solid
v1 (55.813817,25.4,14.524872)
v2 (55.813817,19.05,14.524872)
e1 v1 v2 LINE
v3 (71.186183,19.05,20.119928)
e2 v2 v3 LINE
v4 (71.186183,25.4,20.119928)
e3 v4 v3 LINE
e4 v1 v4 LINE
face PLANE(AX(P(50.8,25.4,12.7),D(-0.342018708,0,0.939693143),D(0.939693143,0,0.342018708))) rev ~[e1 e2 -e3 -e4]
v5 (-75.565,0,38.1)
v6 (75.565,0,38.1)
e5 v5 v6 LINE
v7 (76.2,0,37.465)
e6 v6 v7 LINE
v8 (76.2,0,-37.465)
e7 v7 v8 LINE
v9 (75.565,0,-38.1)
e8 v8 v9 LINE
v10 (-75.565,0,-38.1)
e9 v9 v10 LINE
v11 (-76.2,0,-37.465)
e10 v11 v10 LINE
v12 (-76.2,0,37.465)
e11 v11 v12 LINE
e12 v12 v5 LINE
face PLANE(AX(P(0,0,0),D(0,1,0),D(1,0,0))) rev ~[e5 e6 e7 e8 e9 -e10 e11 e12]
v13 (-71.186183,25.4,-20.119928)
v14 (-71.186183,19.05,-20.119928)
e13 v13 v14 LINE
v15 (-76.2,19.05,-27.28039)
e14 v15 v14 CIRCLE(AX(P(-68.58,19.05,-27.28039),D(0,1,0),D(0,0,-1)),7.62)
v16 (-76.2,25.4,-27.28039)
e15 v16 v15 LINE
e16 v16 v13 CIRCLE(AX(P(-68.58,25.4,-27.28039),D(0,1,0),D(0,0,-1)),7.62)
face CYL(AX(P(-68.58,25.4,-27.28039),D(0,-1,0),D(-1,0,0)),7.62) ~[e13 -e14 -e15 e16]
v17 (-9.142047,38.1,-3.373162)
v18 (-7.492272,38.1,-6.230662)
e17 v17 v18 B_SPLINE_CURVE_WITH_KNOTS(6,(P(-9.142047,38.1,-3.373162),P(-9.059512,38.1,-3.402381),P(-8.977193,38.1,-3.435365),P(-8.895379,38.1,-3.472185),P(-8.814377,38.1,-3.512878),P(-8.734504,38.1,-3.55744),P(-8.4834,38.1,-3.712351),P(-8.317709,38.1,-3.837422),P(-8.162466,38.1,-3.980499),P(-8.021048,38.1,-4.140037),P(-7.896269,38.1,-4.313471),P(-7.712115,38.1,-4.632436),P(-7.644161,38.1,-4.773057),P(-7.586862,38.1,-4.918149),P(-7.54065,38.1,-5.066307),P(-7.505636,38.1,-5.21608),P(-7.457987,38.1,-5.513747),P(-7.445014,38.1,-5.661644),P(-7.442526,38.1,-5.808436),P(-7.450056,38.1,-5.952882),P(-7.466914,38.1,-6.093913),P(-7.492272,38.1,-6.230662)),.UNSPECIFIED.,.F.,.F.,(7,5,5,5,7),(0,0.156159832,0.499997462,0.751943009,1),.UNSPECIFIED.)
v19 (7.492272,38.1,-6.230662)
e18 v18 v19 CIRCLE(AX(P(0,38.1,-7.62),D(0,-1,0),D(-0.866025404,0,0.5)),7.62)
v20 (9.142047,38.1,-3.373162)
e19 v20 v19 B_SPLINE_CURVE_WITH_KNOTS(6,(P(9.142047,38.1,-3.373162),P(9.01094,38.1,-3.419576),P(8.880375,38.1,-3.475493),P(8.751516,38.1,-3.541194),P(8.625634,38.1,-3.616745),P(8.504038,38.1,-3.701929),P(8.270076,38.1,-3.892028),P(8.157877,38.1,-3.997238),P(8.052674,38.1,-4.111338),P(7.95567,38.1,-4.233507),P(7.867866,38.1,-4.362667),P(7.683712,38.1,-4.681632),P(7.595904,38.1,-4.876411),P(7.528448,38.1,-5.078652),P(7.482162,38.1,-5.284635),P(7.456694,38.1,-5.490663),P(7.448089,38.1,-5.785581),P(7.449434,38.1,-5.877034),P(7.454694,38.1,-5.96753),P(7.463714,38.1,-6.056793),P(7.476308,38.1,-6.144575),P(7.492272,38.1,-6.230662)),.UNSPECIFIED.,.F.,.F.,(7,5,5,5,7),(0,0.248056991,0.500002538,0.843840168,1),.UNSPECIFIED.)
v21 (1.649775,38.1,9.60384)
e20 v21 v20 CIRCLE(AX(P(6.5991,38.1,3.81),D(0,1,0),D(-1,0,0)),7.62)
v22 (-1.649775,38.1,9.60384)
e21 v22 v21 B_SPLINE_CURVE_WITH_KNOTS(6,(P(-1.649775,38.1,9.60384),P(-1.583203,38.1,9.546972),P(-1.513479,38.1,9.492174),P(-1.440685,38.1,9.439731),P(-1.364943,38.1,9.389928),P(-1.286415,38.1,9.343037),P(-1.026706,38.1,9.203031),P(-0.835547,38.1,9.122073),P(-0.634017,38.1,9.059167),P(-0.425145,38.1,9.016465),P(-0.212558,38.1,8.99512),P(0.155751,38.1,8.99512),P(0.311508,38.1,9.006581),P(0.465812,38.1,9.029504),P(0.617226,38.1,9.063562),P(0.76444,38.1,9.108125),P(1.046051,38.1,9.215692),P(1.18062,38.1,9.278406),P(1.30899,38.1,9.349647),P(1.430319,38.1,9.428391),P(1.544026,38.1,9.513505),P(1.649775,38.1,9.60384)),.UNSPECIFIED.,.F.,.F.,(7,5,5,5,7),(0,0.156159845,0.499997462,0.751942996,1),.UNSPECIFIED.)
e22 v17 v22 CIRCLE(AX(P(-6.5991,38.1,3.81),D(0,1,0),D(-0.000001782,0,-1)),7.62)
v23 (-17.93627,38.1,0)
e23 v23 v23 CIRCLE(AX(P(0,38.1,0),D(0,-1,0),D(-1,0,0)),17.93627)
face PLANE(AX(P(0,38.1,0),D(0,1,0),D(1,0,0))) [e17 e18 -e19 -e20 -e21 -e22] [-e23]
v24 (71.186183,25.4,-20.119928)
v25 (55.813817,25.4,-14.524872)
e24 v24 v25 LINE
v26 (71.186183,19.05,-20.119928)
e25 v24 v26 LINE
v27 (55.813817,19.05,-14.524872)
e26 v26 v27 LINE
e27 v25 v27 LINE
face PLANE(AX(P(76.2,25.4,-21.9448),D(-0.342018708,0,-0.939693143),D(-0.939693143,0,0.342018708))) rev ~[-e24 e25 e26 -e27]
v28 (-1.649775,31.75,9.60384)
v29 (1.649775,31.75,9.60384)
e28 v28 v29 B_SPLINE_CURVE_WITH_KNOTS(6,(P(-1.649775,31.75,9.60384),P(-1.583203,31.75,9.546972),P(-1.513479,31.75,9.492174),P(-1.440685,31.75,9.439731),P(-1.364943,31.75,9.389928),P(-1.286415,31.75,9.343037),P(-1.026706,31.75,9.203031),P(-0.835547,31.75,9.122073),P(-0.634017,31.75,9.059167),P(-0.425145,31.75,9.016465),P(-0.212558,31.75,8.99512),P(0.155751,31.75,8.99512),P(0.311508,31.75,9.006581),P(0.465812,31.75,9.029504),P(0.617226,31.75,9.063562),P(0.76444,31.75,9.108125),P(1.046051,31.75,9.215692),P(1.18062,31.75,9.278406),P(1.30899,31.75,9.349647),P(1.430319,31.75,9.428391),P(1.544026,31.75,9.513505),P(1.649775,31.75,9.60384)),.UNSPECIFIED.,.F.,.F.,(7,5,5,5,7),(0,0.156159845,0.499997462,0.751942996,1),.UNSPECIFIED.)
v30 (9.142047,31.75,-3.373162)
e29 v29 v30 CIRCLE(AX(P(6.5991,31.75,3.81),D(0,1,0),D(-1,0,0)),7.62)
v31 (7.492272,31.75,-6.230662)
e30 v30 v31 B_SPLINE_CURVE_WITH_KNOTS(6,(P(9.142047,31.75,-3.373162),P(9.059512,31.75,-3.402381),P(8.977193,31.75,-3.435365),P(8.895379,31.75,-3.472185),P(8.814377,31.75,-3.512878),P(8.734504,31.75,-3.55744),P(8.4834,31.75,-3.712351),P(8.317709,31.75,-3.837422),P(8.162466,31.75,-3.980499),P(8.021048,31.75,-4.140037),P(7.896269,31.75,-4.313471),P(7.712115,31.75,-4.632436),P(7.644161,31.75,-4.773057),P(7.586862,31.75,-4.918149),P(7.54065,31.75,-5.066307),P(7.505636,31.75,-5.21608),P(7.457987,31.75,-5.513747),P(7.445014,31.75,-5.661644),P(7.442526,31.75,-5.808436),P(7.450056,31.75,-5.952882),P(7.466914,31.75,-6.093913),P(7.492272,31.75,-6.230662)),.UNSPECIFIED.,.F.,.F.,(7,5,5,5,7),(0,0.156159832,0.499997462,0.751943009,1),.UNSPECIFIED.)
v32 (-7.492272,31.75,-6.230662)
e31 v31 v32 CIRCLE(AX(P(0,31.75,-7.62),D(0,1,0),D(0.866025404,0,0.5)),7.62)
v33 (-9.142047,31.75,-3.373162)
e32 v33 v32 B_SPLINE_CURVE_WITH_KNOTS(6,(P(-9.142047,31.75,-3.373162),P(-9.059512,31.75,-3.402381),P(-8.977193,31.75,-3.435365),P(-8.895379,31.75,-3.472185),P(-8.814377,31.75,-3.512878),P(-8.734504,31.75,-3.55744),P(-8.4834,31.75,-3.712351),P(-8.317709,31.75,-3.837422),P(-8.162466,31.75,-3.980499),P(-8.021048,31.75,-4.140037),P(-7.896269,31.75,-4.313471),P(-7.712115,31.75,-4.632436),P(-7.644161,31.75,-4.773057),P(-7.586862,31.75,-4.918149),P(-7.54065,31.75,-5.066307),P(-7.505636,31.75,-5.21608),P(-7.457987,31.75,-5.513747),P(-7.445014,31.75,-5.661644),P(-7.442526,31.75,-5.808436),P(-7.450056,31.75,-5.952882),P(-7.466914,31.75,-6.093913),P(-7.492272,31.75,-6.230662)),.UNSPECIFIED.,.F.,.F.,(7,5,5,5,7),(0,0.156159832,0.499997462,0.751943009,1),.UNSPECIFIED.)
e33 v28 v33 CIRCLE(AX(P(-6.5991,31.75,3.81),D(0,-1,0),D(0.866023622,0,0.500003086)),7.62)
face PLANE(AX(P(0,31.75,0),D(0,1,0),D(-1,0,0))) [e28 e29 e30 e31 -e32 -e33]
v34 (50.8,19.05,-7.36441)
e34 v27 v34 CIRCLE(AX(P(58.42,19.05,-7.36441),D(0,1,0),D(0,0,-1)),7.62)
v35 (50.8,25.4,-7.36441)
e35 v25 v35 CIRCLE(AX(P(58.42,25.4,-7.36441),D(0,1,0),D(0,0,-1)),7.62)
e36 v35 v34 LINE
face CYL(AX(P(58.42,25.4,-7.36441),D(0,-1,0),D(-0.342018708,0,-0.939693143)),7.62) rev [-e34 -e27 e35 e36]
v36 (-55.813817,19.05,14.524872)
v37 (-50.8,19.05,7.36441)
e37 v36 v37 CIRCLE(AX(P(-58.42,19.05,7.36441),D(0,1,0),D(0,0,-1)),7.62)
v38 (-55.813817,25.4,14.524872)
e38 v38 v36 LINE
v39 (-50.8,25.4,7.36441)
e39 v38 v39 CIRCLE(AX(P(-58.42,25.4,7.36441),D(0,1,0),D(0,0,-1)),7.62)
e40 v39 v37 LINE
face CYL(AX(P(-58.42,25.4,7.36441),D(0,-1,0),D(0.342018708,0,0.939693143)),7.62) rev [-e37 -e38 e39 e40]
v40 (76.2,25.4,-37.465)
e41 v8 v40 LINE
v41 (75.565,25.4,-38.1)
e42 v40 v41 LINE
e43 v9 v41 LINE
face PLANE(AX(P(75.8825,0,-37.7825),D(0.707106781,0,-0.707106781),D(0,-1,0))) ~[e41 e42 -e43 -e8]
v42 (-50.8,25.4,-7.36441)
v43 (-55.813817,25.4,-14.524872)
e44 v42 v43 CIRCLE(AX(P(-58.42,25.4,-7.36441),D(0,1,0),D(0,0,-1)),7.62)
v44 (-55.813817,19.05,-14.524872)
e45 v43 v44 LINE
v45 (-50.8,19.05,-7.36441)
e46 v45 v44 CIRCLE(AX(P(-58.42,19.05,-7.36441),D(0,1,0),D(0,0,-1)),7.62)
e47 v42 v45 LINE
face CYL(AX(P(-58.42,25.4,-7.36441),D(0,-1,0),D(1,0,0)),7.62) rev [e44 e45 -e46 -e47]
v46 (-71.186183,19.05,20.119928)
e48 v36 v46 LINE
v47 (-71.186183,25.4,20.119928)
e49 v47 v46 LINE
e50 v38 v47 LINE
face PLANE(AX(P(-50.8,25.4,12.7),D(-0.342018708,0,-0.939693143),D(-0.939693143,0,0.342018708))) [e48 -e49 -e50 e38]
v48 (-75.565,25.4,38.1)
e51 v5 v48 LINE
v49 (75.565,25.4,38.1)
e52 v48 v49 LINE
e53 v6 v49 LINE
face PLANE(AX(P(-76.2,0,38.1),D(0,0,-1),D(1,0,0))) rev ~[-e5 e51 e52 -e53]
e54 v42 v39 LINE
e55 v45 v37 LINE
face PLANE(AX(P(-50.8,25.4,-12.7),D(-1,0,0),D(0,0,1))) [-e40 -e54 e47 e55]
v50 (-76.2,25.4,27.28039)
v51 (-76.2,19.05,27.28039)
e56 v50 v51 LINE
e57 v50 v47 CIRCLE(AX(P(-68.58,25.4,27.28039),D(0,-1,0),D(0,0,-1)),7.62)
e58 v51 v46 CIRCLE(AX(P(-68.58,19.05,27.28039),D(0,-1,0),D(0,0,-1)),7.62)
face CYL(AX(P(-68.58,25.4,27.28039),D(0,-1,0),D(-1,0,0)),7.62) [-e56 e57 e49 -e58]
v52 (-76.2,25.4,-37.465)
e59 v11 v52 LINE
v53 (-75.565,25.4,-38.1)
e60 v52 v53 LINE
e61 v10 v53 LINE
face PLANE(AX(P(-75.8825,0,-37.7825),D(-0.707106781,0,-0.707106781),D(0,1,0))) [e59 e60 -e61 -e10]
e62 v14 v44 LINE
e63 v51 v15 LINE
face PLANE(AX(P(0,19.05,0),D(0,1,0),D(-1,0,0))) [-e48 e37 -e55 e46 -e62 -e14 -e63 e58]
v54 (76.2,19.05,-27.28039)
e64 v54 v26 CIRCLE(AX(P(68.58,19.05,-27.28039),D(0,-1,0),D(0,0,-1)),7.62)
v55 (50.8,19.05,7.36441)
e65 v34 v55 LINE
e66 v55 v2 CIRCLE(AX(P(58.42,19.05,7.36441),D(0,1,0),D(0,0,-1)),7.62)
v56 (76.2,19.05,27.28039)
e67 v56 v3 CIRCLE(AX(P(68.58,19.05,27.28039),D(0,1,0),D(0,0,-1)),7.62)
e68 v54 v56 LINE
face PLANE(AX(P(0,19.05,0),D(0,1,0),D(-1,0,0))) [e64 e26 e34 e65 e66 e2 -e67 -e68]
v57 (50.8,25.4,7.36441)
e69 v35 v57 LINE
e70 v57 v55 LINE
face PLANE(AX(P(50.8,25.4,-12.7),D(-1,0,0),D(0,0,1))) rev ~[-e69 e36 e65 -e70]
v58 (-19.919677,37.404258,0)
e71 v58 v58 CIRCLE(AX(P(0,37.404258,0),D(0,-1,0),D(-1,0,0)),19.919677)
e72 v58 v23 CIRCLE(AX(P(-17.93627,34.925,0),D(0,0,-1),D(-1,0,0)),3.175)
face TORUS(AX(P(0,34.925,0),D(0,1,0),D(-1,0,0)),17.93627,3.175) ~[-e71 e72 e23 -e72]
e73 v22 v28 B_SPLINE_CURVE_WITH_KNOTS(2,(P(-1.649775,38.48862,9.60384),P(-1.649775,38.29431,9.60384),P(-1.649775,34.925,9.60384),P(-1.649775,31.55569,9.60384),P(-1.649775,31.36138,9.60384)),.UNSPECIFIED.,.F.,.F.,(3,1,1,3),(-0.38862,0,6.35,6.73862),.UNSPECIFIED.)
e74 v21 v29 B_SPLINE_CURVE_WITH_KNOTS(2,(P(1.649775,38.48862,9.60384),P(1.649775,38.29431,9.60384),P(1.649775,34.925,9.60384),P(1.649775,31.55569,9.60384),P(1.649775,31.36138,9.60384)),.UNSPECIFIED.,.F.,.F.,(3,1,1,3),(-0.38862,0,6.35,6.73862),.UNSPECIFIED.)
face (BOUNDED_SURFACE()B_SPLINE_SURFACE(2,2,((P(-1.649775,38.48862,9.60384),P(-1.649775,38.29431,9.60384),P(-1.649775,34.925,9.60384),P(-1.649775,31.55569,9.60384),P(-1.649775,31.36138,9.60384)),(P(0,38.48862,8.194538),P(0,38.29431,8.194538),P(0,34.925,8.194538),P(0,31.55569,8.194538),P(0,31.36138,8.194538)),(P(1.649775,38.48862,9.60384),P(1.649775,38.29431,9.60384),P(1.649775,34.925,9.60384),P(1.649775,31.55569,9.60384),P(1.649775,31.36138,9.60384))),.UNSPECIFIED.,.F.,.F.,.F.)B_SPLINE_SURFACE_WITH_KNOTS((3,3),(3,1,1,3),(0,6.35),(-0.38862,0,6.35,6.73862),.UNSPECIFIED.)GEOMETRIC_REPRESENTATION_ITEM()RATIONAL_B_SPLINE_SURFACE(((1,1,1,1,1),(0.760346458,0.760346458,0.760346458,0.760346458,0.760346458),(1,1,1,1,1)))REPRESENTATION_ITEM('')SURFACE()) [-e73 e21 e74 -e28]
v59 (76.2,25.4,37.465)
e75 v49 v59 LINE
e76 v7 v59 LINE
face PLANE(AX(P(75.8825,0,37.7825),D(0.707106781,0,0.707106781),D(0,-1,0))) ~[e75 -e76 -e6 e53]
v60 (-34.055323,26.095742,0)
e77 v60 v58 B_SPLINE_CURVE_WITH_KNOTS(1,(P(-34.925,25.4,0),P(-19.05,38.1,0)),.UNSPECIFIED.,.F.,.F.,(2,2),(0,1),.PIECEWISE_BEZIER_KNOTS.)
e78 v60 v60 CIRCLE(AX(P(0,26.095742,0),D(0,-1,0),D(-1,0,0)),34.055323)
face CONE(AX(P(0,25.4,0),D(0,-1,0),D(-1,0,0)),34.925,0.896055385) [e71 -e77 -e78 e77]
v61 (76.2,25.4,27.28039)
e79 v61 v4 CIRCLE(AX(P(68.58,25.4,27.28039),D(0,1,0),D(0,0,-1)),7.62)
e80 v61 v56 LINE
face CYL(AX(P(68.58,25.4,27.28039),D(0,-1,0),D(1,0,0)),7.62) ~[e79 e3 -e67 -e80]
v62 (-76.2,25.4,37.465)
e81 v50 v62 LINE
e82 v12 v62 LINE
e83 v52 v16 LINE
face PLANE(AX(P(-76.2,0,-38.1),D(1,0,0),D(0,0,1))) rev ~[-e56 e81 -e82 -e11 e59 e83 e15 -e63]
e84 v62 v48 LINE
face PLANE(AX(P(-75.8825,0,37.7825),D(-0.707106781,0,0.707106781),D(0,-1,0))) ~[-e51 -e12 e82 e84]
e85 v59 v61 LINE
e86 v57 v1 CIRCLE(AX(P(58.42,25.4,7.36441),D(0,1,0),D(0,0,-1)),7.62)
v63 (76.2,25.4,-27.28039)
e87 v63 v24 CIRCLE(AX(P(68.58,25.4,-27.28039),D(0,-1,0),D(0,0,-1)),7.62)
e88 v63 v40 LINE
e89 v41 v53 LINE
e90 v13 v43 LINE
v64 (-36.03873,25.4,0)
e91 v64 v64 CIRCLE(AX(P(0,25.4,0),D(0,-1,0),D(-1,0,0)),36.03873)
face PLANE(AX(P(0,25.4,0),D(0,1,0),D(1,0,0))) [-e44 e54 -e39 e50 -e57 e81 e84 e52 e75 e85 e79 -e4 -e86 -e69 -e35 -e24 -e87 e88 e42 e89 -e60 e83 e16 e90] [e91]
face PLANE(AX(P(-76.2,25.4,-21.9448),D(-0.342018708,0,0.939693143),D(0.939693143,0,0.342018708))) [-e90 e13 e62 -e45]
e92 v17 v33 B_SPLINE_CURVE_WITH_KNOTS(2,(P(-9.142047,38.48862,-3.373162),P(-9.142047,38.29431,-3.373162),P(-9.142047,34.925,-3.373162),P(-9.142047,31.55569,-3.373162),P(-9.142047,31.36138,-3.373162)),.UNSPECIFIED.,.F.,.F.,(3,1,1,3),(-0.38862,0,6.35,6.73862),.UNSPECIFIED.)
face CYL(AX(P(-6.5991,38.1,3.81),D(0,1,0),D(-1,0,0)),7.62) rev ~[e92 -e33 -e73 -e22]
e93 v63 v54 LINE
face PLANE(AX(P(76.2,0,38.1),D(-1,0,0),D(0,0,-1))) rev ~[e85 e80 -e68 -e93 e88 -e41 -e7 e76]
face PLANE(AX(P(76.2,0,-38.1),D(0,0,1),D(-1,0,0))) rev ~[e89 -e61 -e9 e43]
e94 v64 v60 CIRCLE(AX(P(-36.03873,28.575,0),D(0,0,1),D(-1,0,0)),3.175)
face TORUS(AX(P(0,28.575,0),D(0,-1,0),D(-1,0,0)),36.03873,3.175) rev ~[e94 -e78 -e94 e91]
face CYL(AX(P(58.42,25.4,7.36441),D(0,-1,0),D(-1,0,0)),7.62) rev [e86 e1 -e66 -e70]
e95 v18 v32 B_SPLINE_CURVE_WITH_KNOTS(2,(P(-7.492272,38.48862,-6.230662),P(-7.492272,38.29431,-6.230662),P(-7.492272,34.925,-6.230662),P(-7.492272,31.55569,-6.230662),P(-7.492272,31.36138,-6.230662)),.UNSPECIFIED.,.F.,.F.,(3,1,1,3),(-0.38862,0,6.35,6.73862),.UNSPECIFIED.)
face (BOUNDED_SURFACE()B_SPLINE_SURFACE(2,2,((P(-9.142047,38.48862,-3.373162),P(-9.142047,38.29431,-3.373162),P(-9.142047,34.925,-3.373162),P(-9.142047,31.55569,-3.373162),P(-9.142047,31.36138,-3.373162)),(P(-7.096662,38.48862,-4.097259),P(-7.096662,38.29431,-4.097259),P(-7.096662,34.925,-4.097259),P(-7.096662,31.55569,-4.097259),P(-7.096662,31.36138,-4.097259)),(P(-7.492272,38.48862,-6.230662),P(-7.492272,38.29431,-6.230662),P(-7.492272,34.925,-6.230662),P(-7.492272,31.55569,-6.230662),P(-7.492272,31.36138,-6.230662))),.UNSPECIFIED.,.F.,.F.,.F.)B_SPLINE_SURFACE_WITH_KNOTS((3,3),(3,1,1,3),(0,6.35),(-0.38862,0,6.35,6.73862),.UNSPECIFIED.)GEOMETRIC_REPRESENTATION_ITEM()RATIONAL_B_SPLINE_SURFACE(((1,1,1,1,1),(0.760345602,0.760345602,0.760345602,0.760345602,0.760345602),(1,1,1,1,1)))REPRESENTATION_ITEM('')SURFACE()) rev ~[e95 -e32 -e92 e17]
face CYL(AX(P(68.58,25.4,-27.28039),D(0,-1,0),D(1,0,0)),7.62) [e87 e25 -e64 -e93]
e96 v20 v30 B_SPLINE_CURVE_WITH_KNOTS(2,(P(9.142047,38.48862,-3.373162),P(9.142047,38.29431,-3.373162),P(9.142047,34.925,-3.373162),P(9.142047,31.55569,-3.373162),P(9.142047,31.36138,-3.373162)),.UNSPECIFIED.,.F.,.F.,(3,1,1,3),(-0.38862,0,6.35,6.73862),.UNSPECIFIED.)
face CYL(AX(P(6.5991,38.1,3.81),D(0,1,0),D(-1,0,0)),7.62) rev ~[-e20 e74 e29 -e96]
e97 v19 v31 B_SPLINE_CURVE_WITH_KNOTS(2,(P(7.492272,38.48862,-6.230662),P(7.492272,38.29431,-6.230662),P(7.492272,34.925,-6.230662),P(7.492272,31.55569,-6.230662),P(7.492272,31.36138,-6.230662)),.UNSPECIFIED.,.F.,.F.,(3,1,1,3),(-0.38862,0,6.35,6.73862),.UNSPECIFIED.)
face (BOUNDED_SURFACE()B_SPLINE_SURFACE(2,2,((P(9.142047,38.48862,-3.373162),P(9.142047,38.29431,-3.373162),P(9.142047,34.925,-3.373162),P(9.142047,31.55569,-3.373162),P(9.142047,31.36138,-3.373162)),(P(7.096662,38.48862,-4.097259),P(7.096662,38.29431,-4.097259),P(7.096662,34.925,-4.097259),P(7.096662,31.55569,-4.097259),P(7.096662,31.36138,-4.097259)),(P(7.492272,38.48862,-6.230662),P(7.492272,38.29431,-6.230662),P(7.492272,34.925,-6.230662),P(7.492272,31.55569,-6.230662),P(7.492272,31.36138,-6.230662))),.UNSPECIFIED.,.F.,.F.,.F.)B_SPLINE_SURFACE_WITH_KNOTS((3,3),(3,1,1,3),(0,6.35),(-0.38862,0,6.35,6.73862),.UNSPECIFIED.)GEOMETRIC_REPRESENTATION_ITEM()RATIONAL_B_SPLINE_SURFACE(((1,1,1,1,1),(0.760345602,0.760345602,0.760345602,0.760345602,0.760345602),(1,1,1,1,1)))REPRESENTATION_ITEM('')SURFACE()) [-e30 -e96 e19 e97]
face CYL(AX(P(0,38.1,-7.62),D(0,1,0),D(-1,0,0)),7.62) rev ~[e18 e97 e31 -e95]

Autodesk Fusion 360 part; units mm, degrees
sketch "Sketch1" plane through (0, 0, 0) normal (0, 1, 0) x (1, 0, 0)
  line L0 (76.2, 38.1) -> (-76.2, 38.1)
  line L1 (-76.2, 38.1) -> (-76.2, -38.1)
  line L2 (-76.2, -38.1) -> (76.2, -38.1)
  line L3 (76.2, -38.1) -> (76.2, 38.1)
  line L4 (76.2, 38.1) -> (-76.2, -38.1) construction
  line L5 (-76.2, 38.1) -> (76.2, -38.1) construction
  dimension "d1" = 76.2
  dimension "d2" = 152.4
extrude "Extrude1" add sketch "Sketch1" along normal blind 25.4
ref_plane "WorkPlane1" through (0, 38.1, 0) normal (0, 1, 0) x (0, 0, 1)
sketch "Sketch3" plane through (0, 38.1, 0) normal (0, 1, 0) x (1, 0, 0)
  circle A0 centre (0, 0) radius 19.05
  dimension "d6" = 38.1
sketch "Sketch4" plane through (0, 25.4, 0) normal (0, 1, 0) x (-1, 0, 0)
  line L0 (-76.2, 38.1) -> (-76.2, -38.1)
  line L1 (-76.2, -38.1) -> (76.2, -38.1)
  line L2 (76.2, -38.1) -> (76.2, 38.1)
  line L3 (76.2, 38.1) -> (-76.2, 38.1)
  circle A0 centre (0, 0) radius 34.925
  dimension "d7" = 69.85
loft "Loft1" add profiles "Sketch4", "Sketch3" section 1 contours A0 section 2
fillet "Fillet1" radius 3.175 2 edges at (-17.7608, 38.1, -6.8888) (32.5615, 25.4, 12.6294)
sketch "Sketch5" plane through (0, 25.4, 0) normal (0, 1, 0) x (-1, 0, 0)
  line L0 (-76.2, 38.1) -> (-76.2, -38.1)
  line L1 (-76.2, -38.1) -> (76.2, -38.1)
  line L2 (76.2, -38.1) -> (76.2, 38.1)
  line L3 (76.2, 38.1) -> (-76.2, 38.1)
  circle A0 centre (0, 0) radius 36.0387
  line L4 (76.2, 0) -> (-76.2, 0) construction
  line L5 (-76.2, -21.9448) -> (-50.8, -12.7)
  line L6 (-50.8, -12.7) -> (-50.8, 12.7)
  line L7 (-50.8, 12.7) -> (-76.2, 21.9448)
  line L8 (0, 0) -> (0, -47.7527) construction
  line L9 (50.8, 12.7) -> (76.2, 21.9448)
  line L10 (50.8, -12.7) -> (50.8, 12.7)
  line L11 (76.2, -21.9448) -> (50.8, -12.7)
  dimension "d10" = 25.4
  dimension "d11" = 25.4
  dimension "d12" = 70
extrude "Extrude2" cut sketch "Sketch5" against normal blind 6.35 contours L0 L5 L6 L7 | L2 L9 L10 L11
fillet "Fillet2" radius 7.62 8 edges at (76.2, 22.225, -21.9448) (76.2, 22.225, 21.9448) (50.8, 22.225, -12.7) (50.8, 22.225, 12.7) (-50.8, 22.225, 12.7) (-50.8, 22.225, -12.7) (-76.2, 22.225, -21.9448) (-76.2, 22.225, 21.9448)
sketch "Sketch6" plane through (0, 38.1, 0) normal (0, 1, 0) x (-1, 0, 0)
  circle A0 centre (0, 0) radius 17.9363
  circle A1 centre (0, -7.62) radius 7.62
  circle A2 centre (6.5991, 3.81) radius 7.62
  circle A3 centre (-6.5991, 3.81) radius 7.62
  dimension "d16" = 15.24
  dimension "d17" = 7.62
  dimension "d19" = 360
extrude "Extrude3" cut sketch "Sketch6" against normal blind 6.35 contours A1 A2 A3 | A1 A2 | A1 A2 A3 | A1 A2 A3 | A1 A3 | A2 A3
fillet "Fillet3" radius 2.54 3 edges at (-6.5991, 34.925, -3.81) (6.5991, 34.925, -3.81) (0, 34.925, 7.62)
chamfer "Chamfer2" distance 0.635 angle 45 4 edges at (76.2, 12.7, 38.1) (-76.2, 12.7, 38.1) (-76.2, 12.7, -38.1) (76.2, 12.7, -38.1)
